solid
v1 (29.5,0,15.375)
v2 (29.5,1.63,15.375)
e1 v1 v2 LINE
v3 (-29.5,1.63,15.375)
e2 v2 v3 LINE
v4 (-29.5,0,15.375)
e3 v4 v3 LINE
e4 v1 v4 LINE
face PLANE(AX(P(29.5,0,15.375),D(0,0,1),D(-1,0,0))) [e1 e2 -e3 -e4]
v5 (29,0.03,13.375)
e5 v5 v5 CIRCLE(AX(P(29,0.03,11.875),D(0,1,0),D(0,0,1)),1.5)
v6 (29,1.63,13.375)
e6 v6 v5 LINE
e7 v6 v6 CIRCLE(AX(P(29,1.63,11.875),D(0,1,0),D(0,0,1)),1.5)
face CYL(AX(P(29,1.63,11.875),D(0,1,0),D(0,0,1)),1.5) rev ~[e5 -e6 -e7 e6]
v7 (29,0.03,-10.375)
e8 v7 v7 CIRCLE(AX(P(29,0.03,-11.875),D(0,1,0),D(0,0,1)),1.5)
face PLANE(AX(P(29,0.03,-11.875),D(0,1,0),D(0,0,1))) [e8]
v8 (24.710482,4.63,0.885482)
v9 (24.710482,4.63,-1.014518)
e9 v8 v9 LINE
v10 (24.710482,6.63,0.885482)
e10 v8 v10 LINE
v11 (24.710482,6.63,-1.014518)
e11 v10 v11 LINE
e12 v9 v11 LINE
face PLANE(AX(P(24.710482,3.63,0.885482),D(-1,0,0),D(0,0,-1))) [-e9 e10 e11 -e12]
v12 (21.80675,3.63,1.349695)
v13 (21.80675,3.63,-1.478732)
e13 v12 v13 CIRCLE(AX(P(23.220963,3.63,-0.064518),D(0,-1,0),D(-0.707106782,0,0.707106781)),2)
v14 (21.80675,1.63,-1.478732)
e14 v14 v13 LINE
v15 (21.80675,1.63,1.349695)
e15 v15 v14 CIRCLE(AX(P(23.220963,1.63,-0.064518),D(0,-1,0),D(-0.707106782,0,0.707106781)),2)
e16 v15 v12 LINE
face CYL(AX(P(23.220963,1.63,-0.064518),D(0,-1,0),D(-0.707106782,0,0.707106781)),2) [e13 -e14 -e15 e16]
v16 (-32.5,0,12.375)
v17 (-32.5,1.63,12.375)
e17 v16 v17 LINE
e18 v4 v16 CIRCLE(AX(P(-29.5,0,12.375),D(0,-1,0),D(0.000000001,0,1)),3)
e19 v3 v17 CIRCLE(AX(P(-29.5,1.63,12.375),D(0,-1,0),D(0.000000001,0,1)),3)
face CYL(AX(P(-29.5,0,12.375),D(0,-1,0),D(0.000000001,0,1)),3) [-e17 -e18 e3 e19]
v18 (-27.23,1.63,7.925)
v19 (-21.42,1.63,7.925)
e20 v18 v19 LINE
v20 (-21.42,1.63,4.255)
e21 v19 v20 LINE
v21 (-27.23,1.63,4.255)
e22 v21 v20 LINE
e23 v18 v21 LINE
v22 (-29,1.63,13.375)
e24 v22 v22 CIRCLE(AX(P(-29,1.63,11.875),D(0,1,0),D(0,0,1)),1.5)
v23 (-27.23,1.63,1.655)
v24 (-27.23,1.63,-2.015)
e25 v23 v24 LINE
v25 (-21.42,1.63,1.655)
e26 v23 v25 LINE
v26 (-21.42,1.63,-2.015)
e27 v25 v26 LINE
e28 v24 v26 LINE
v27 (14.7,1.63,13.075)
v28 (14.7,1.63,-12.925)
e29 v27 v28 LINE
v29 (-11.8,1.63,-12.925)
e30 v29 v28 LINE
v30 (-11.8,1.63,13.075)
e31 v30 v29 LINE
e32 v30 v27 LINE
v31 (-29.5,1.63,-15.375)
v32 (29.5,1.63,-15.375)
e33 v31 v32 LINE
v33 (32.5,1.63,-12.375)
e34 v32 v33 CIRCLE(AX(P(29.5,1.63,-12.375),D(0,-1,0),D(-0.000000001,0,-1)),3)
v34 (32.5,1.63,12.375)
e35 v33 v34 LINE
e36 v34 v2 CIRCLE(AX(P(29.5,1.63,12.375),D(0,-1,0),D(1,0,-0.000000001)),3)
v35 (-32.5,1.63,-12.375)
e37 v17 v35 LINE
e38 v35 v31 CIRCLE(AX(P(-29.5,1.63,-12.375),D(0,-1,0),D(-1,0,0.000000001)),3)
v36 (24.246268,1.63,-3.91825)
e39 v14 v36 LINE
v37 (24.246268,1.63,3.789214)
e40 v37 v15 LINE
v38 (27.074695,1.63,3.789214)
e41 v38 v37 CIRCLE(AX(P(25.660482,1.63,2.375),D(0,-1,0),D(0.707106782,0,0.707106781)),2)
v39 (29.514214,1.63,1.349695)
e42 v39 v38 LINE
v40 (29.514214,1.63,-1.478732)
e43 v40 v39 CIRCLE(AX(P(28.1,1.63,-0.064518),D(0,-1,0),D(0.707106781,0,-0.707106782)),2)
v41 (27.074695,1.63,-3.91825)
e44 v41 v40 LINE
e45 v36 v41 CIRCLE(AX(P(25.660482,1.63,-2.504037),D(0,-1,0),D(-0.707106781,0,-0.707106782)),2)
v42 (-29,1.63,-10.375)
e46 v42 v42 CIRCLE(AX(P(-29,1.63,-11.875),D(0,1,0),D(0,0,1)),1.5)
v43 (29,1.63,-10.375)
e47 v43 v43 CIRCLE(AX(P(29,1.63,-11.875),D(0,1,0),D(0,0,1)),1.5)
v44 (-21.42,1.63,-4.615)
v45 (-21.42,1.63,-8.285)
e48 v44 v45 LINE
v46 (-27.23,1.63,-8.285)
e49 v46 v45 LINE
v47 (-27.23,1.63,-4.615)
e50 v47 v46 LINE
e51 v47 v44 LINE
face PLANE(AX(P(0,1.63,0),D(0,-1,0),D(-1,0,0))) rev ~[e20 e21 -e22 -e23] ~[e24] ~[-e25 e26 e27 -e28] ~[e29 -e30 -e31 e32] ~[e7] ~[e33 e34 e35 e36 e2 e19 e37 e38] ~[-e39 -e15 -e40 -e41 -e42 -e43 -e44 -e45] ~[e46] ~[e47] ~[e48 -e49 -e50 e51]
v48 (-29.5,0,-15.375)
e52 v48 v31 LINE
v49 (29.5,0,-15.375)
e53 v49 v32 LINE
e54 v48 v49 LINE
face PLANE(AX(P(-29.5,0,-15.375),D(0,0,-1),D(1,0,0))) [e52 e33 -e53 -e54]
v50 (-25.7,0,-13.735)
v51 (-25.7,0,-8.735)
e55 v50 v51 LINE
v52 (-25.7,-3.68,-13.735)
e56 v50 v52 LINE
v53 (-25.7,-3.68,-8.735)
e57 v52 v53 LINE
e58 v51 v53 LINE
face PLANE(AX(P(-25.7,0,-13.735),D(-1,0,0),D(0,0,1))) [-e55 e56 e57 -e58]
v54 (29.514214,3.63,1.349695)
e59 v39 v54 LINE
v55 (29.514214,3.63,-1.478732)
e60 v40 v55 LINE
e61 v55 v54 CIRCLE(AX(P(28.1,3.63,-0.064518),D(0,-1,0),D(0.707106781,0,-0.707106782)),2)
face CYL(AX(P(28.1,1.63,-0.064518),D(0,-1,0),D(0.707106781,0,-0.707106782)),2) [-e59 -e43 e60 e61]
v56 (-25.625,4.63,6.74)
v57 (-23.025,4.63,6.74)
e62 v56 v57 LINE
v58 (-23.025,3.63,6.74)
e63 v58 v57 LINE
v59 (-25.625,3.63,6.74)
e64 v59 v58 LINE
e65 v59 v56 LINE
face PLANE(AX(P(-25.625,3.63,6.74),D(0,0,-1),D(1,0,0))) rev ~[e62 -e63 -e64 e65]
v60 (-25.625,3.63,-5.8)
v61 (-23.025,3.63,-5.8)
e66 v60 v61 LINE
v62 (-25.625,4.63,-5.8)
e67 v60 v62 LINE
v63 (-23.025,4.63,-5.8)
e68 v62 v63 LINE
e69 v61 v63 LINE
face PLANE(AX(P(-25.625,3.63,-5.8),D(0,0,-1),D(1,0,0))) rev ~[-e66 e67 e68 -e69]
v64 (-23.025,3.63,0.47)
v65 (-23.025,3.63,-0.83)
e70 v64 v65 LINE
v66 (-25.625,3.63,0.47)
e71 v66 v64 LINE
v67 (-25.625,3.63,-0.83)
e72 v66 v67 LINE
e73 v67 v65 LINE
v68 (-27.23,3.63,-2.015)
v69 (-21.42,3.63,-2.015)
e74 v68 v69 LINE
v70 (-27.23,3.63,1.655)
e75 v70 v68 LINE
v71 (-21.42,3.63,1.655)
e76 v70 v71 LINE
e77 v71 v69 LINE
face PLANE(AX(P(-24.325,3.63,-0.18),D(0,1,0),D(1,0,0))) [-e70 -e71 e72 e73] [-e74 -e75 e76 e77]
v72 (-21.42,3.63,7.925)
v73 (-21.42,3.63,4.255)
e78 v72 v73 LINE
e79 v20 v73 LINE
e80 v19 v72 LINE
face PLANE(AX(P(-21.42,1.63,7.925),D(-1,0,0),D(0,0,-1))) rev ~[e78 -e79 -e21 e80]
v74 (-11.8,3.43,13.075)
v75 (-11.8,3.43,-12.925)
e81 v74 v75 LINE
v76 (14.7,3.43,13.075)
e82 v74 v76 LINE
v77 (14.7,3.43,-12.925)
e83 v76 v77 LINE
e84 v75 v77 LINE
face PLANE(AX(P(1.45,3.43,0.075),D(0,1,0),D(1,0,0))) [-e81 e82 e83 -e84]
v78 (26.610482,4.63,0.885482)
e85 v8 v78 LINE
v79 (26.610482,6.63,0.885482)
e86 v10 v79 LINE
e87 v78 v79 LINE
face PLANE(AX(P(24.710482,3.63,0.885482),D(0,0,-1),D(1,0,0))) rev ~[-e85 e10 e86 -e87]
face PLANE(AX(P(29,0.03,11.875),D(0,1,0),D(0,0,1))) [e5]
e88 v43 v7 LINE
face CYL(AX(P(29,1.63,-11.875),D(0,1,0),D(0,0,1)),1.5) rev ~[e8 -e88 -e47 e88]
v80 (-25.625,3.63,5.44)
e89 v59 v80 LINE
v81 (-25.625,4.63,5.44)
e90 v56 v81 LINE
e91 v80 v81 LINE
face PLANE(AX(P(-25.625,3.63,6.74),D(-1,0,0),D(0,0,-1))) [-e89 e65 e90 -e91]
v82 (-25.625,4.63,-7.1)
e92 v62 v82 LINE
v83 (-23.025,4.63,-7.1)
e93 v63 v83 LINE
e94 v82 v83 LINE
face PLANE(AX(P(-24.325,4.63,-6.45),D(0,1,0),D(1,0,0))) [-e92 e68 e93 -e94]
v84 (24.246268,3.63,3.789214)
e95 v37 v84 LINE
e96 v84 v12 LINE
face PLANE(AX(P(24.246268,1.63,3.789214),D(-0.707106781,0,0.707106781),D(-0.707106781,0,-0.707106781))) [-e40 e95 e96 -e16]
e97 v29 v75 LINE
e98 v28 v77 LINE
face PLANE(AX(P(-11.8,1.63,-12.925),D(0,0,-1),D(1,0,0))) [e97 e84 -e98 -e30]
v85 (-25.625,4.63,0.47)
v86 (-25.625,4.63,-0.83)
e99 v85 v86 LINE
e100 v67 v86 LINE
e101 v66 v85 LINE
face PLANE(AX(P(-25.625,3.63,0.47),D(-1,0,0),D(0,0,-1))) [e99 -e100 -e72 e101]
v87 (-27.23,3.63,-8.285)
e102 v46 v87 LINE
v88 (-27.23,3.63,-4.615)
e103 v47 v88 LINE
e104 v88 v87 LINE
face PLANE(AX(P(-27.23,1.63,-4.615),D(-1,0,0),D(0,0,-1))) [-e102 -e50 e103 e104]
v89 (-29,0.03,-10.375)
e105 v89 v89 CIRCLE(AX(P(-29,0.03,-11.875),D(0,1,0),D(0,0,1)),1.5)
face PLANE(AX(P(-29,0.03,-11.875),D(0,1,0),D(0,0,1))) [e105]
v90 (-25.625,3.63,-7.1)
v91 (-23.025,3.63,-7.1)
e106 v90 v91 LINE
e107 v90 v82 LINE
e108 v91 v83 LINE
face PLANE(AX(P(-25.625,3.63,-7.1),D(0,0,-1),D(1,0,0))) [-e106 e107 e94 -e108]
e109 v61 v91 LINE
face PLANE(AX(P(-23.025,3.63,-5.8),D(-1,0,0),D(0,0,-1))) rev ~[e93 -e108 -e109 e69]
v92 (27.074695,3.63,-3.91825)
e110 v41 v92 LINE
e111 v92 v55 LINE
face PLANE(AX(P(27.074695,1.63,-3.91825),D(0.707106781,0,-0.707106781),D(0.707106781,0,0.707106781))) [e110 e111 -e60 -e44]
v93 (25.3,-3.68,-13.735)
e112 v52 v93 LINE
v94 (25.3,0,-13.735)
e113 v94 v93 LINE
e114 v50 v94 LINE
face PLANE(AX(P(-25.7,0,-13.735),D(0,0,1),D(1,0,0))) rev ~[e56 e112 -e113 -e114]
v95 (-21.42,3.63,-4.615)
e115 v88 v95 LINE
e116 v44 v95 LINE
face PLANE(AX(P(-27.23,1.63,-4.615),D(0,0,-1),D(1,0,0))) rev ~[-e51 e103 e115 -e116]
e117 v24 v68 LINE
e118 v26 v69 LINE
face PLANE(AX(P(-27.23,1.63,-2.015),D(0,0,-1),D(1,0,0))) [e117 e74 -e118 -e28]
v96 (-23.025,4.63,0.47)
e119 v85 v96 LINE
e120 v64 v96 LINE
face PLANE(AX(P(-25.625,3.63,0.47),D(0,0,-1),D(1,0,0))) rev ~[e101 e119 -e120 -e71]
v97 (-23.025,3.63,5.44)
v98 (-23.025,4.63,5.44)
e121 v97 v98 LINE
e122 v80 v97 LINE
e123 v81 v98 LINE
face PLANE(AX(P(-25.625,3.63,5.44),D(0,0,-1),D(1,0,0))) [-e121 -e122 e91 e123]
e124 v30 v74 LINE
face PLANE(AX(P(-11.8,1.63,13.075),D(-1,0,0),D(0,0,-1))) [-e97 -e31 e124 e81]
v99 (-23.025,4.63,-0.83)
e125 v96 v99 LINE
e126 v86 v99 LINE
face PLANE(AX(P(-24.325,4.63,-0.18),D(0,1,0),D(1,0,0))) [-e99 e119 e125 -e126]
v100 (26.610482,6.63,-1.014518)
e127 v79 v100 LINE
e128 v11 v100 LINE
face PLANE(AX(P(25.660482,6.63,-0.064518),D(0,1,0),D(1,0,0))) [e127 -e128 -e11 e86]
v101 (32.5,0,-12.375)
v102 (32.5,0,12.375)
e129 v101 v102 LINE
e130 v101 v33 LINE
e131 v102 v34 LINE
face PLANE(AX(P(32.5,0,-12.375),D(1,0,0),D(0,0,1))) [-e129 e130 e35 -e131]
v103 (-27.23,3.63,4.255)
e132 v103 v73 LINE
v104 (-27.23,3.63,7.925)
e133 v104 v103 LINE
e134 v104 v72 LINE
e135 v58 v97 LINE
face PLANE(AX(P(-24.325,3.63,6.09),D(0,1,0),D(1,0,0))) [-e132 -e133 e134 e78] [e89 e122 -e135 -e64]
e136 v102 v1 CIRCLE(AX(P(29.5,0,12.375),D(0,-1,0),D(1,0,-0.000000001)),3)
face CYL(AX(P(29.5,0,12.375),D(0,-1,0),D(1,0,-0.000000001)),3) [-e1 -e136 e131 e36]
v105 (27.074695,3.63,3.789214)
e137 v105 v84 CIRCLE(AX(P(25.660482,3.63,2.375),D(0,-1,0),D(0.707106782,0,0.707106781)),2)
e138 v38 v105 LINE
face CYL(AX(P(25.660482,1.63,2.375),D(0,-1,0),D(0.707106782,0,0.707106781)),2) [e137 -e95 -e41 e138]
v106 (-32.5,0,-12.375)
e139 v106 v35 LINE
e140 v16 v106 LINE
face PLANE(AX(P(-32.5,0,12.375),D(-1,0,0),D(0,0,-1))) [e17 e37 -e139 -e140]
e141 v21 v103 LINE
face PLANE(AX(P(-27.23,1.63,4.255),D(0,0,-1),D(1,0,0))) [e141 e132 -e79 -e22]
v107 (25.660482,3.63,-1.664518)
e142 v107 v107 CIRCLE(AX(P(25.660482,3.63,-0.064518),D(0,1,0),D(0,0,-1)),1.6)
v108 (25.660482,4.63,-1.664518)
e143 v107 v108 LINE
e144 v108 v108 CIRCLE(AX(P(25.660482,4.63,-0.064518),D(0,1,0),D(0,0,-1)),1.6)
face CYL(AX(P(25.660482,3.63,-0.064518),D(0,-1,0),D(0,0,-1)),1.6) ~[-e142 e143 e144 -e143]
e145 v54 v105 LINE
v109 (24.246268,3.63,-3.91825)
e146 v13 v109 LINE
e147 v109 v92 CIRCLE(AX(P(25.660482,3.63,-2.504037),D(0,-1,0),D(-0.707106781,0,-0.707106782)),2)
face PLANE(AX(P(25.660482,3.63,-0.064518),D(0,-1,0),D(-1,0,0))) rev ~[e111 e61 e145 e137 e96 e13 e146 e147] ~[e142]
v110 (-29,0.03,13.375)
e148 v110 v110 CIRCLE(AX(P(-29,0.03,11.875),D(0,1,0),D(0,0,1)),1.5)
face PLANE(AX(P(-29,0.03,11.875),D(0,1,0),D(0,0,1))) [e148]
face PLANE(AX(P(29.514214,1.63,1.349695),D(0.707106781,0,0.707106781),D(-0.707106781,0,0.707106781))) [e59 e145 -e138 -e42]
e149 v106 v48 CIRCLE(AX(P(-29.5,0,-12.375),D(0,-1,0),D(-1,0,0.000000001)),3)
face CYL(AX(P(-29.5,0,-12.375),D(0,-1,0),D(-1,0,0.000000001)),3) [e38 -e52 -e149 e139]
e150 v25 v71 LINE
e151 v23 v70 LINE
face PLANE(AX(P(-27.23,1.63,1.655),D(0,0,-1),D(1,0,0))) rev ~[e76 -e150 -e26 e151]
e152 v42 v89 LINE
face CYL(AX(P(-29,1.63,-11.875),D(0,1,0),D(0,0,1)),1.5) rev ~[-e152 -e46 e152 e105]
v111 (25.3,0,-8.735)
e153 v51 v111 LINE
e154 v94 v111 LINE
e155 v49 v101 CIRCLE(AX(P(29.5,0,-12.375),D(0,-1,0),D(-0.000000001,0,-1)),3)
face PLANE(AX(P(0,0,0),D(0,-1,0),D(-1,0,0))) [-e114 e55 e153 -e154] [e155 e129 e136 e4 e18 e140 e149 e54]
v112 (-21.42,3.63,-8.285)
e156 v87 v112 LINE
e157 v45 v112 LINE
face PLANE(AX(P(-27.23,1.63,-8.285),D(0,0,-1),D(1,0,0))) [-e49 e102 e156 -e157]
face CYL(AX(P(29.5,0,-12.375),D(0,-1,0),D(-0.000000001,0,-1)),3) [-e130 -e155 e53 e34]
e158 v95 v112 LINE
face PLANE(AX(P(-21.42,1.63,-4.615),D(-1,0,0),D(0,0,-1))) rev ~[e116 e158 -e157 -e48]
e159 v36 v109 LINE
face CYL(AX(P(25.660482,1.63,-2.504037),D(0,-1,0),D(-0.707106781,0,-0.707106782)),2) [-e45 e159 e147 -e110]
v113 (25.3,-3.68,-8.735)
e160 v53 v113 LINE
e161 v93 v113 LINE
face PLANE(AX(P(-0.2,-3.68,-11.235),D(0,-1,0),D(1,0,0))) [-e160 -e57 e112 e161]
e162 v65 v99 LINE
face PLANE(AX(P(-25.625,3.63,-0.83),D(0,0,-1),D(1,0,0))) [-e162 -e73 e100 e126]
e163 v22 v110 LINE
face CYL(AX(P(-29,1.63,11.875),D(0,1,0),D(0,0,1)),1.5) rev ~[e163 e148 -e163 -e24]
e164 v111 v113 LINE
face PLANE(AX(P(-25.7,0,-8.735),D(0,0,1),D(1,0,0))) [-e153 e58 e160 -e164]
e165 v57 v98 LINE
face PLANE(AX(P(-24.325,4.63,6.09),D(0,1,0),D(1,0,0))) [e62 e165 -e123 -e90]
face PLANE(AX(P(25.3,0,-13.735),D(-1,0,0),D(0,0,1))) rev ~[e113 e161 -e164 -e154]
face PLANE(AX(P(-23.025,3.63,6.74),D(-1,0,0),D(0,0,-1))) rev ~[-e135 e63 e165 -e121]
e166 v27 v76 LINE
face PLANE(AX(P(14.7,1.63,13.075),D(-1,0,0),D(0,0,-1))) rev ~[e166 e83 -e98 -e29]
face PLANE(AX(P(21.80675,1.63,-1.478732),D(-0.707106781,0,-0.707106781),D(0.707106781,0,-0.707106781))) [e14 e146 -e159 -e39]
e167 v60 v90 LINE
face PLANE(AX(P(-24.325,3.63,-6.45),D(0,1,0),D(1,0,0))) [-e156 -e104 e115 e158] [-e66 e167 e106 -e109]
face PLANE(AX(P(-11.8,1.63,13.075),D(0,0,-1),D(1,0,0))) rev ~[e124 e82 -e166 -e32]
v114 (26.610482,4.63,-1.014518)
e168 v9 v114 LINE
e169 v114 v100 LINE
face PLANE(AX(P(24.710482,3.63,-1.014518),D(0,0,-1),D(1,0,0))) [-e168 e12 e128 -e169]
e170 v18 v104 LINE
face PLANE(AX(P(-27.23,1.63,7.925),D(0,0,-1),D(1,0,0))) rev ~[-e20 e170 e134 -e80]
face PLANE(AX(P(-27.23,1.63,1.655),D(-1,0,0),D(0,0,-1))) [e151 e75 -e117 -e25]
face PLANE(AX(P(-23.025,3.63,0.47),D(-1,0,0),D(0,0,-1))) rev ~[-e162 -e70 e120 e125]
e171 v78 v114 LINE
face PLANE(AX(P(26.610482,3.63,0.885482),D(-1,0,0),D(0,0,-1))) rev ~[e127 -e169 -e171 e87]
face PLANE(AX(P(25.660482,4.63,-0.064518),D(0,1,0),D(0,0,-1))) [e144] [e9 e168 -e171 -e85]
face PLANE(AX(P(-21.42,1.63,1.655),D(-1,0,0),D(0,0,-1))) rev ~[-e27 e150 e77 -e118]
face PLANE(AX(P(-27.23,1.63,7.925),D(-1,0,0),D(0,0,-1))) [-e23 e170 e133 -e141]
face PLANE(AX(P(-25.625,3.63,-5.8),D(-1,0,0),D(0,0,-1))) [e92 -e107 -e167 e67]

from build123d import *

# Parameters (mm, degrees)
EXTRUDE_1_DEPTH     = 1.63
SKETCH_2_R          = 1.5
CUT_EXTRUDE_1_DEPTH = 1.6
SKETCH_3_W          = 26.5
SKETCH_3_H          = 26
EXTRUDE_2_DEPTH     = 1.8
EXTRUDE_3_DEPTH     = 2
SKETCH_4_W          = 5.81
SKETCH_4_H          = 3.67
EXTRUDE_4_DEPTH     = 2
SKETCH_7_W          = 2.6
SKETCH_7_H          = 1.3
EXTRUDE_5_DEPTH     = 1
SKETCH_8_W          = 51
SKETCH_8_H          = 5
EXTRUDE_6_DEPTH     = 3.68
SKETCH_9_W          = 1.9
SKETCH_9_H          = 1.9
EXTRUDE_7_DEPTH     = 3
SKETCH_10_R         = 1.6
EXTRUDE_8_DEPTH     = 1


with BuildPart() as part:
    # 草图1 → 凸台-拉伸1 (new body)
    with BuildSketch(Plane(origin=(0, 0, 0), x_dir=(1, 0, 0), z_dir=(0, 1, 0))):
        with BuildLine():
            Line((-29.5, 15.375), (29.5, 15.375))
            ThreePointArc((29.5, 15.375), (31.621320344, 14.496320344), (32.5, 12.375))
            Line((32.5, 12.375), (32.5, -12.375))
            ThreePointArc((32.5, -12.375), (31.621320344, -14.496320344), (29.5, -15.375))
            Line((29.5, -15.375), (-29.5, -15.375))
            ThreePointArc((-29.5, -15.375), (-31.621320344, -14.496320344), (-32.5, -12.375))
            Line((-32.5, -12.375), (-32.5, 12.375))
            ThreePointArc((-32.5, 12.375), (-31.621320344, 14.496320344), (-29.5, 15.375))
        make_face()
    extrude(amount=EXTRUDE_1_DEPTH)

    # 草图2 → 切除-拉伸1 (cut)
    with BuildSketch(Plane(origin=(0, 1.63, 0), x_dir=(1, 0, 0), z_dir=(0, 1, 0))):
        with Locations(Location((-29, 11.875, 0), (0, 0, 270))):
            Circle(SKETCH_2_R)
        with Locations(Location((-29, -11.875, 0), (0, 0, 270))):
            Circle(SKETCH_2_R)
        with Locations(Location((29, -11.875, 0), (0, 0, 270))):
            Circle(SKETCH_2_R)
        with Locations(Location((29, 11.875, 0), (0, 0, 270))):
            Circle(SKETCH_2_R)
    extrude(amount=-CUT_EXTRUDE_1_DEPTH, mode=Mode.SUBTRACT)

    # 草图3 → 凸台-拉伸2 (add)
    with BuildSketch(Plane(origin=(0, 1.63, 0), x_dir=(1, 0, 0), z_dir=(0, 1, 0))):
        with Locations((1.45, -0.075)):
            Rectangle(SKETCH_3_W, SKETCH_3_H)
    extrude(amount=EXTRUDE_2_DEPTH)

    # 草图5 → 凸台-拉伸3 (add)
    with BuildSketch(Plane(origin=(0, 1.63, 0), x_dir=(1, 0, 0), z_dir=(0, 1, 0))):
        with BuildLine():
            Line((27.074695167, 3.918250353), (29.514213562, 1.478731957))
            ThreePointArc((29.514213562, 1.478731957), (30.1, 0.064518395), (29.514213562, -1.349695167))
            Line((29.514213562, -1.349695167), (27.074695167, -3.789213562))
            ThreePointArc((27.074695167, -3.789213562), (25.660481605, -4.375), (24.246268043, -3.789213562))
            Line((24.246268043, -3.789213562), (21.806749647, -1.349695167))
            ThreePointArc((21.806749647, -1.349695167), (21.22096321, 0.064518395), (21.806749647, 1.478731957))
            Line((21.806749647, 1.478731957), (24.246268043, 3.918250353))
            ThreePointArc((24.246268043, 3.918250353), (25.660481605, 4.50403679), (27.074695167, 3.918250353))
        make_face()
    extrude(amount=EXTRUDE_3_DEPTH)

    # 草图4 → 凸台-拉伸4 (add)
    with BuildSketch(Plane(origin=(0, 1.63, 0), x_dir=(1, 0, 0), z_dir=(0, 1, 0))):
        with Locations((-24.325, 6.45)):
            Rectangle(SKETCH_4_W, SKETCH_4_H)
        with Locations((-24.325, 0.18)):
            Rectangle(SKETCH_4_W, SKETCH_4_H)
        with Locations((-24.325, -6.09)):
            Rectangle(SKETCH_4_W, SKETCH_4_H)
    extrude(amount=EXTRUDE_4_DEPTH)

    # 草图7 → 凸台-拉伸5 (add)
    with BuildSketch(Plane(origin=(0, 3.63, 0), x_dir=(1, 0, 0), z_dir=(0, 1, 0))):
        with Locations((-24.325, 6.45)):
            Rectangle(SKETCH_7_W, SKETCH_7_H)
        with Locations((-24.325, 0.18)):
            Rectangle(SKETCH_7_W, SKETCH_7_H)
        with Locations((-24.325, -6.09)):
            Rectangle(SKETCH_7_W, SKETCH_7_H)
    extrude(amount=EXTRUDE_5_DEPTH)

    # 草图8 → 凸台-拉伸6 (add)
    with BuildSketch(Plane.XZ):
        with Locations((-0.2, -11.235)):
            Rectangle(SKETCH_8_W, SKETCH_8_H)
    extrude(amount=EXTRUDE_6_DEPTH)

    # 草图9 → 凸台-拉伸7 (add)
    with BuildSketch(Plane(origin=(0, 3.63, 0), x_dir=(1, 0, 0), z_dir=(0, 1, 0))):
        with Locations((25.660481605, 0.064518395)):
            Rectangle(SKETCH_9_W, SKETCH_9_H)
    extrude(amount=EXTRUDE_7_DEPTH)

    # 草图10 → 凸台-拉伸8 (add)
    with BuildSketch(Plane(origin=(0, 3.63, 0), x_dir=(1, 0, 0), z_dir=(0, 1, 0))):
        with Locations(Location((25.660481605, 0.064518395, 0), (0, 0, 90))):
            Circle(SKETCH_10_R)
    extrude(amount=EXTRUDE_8_DEPTH)


solid = part.part
